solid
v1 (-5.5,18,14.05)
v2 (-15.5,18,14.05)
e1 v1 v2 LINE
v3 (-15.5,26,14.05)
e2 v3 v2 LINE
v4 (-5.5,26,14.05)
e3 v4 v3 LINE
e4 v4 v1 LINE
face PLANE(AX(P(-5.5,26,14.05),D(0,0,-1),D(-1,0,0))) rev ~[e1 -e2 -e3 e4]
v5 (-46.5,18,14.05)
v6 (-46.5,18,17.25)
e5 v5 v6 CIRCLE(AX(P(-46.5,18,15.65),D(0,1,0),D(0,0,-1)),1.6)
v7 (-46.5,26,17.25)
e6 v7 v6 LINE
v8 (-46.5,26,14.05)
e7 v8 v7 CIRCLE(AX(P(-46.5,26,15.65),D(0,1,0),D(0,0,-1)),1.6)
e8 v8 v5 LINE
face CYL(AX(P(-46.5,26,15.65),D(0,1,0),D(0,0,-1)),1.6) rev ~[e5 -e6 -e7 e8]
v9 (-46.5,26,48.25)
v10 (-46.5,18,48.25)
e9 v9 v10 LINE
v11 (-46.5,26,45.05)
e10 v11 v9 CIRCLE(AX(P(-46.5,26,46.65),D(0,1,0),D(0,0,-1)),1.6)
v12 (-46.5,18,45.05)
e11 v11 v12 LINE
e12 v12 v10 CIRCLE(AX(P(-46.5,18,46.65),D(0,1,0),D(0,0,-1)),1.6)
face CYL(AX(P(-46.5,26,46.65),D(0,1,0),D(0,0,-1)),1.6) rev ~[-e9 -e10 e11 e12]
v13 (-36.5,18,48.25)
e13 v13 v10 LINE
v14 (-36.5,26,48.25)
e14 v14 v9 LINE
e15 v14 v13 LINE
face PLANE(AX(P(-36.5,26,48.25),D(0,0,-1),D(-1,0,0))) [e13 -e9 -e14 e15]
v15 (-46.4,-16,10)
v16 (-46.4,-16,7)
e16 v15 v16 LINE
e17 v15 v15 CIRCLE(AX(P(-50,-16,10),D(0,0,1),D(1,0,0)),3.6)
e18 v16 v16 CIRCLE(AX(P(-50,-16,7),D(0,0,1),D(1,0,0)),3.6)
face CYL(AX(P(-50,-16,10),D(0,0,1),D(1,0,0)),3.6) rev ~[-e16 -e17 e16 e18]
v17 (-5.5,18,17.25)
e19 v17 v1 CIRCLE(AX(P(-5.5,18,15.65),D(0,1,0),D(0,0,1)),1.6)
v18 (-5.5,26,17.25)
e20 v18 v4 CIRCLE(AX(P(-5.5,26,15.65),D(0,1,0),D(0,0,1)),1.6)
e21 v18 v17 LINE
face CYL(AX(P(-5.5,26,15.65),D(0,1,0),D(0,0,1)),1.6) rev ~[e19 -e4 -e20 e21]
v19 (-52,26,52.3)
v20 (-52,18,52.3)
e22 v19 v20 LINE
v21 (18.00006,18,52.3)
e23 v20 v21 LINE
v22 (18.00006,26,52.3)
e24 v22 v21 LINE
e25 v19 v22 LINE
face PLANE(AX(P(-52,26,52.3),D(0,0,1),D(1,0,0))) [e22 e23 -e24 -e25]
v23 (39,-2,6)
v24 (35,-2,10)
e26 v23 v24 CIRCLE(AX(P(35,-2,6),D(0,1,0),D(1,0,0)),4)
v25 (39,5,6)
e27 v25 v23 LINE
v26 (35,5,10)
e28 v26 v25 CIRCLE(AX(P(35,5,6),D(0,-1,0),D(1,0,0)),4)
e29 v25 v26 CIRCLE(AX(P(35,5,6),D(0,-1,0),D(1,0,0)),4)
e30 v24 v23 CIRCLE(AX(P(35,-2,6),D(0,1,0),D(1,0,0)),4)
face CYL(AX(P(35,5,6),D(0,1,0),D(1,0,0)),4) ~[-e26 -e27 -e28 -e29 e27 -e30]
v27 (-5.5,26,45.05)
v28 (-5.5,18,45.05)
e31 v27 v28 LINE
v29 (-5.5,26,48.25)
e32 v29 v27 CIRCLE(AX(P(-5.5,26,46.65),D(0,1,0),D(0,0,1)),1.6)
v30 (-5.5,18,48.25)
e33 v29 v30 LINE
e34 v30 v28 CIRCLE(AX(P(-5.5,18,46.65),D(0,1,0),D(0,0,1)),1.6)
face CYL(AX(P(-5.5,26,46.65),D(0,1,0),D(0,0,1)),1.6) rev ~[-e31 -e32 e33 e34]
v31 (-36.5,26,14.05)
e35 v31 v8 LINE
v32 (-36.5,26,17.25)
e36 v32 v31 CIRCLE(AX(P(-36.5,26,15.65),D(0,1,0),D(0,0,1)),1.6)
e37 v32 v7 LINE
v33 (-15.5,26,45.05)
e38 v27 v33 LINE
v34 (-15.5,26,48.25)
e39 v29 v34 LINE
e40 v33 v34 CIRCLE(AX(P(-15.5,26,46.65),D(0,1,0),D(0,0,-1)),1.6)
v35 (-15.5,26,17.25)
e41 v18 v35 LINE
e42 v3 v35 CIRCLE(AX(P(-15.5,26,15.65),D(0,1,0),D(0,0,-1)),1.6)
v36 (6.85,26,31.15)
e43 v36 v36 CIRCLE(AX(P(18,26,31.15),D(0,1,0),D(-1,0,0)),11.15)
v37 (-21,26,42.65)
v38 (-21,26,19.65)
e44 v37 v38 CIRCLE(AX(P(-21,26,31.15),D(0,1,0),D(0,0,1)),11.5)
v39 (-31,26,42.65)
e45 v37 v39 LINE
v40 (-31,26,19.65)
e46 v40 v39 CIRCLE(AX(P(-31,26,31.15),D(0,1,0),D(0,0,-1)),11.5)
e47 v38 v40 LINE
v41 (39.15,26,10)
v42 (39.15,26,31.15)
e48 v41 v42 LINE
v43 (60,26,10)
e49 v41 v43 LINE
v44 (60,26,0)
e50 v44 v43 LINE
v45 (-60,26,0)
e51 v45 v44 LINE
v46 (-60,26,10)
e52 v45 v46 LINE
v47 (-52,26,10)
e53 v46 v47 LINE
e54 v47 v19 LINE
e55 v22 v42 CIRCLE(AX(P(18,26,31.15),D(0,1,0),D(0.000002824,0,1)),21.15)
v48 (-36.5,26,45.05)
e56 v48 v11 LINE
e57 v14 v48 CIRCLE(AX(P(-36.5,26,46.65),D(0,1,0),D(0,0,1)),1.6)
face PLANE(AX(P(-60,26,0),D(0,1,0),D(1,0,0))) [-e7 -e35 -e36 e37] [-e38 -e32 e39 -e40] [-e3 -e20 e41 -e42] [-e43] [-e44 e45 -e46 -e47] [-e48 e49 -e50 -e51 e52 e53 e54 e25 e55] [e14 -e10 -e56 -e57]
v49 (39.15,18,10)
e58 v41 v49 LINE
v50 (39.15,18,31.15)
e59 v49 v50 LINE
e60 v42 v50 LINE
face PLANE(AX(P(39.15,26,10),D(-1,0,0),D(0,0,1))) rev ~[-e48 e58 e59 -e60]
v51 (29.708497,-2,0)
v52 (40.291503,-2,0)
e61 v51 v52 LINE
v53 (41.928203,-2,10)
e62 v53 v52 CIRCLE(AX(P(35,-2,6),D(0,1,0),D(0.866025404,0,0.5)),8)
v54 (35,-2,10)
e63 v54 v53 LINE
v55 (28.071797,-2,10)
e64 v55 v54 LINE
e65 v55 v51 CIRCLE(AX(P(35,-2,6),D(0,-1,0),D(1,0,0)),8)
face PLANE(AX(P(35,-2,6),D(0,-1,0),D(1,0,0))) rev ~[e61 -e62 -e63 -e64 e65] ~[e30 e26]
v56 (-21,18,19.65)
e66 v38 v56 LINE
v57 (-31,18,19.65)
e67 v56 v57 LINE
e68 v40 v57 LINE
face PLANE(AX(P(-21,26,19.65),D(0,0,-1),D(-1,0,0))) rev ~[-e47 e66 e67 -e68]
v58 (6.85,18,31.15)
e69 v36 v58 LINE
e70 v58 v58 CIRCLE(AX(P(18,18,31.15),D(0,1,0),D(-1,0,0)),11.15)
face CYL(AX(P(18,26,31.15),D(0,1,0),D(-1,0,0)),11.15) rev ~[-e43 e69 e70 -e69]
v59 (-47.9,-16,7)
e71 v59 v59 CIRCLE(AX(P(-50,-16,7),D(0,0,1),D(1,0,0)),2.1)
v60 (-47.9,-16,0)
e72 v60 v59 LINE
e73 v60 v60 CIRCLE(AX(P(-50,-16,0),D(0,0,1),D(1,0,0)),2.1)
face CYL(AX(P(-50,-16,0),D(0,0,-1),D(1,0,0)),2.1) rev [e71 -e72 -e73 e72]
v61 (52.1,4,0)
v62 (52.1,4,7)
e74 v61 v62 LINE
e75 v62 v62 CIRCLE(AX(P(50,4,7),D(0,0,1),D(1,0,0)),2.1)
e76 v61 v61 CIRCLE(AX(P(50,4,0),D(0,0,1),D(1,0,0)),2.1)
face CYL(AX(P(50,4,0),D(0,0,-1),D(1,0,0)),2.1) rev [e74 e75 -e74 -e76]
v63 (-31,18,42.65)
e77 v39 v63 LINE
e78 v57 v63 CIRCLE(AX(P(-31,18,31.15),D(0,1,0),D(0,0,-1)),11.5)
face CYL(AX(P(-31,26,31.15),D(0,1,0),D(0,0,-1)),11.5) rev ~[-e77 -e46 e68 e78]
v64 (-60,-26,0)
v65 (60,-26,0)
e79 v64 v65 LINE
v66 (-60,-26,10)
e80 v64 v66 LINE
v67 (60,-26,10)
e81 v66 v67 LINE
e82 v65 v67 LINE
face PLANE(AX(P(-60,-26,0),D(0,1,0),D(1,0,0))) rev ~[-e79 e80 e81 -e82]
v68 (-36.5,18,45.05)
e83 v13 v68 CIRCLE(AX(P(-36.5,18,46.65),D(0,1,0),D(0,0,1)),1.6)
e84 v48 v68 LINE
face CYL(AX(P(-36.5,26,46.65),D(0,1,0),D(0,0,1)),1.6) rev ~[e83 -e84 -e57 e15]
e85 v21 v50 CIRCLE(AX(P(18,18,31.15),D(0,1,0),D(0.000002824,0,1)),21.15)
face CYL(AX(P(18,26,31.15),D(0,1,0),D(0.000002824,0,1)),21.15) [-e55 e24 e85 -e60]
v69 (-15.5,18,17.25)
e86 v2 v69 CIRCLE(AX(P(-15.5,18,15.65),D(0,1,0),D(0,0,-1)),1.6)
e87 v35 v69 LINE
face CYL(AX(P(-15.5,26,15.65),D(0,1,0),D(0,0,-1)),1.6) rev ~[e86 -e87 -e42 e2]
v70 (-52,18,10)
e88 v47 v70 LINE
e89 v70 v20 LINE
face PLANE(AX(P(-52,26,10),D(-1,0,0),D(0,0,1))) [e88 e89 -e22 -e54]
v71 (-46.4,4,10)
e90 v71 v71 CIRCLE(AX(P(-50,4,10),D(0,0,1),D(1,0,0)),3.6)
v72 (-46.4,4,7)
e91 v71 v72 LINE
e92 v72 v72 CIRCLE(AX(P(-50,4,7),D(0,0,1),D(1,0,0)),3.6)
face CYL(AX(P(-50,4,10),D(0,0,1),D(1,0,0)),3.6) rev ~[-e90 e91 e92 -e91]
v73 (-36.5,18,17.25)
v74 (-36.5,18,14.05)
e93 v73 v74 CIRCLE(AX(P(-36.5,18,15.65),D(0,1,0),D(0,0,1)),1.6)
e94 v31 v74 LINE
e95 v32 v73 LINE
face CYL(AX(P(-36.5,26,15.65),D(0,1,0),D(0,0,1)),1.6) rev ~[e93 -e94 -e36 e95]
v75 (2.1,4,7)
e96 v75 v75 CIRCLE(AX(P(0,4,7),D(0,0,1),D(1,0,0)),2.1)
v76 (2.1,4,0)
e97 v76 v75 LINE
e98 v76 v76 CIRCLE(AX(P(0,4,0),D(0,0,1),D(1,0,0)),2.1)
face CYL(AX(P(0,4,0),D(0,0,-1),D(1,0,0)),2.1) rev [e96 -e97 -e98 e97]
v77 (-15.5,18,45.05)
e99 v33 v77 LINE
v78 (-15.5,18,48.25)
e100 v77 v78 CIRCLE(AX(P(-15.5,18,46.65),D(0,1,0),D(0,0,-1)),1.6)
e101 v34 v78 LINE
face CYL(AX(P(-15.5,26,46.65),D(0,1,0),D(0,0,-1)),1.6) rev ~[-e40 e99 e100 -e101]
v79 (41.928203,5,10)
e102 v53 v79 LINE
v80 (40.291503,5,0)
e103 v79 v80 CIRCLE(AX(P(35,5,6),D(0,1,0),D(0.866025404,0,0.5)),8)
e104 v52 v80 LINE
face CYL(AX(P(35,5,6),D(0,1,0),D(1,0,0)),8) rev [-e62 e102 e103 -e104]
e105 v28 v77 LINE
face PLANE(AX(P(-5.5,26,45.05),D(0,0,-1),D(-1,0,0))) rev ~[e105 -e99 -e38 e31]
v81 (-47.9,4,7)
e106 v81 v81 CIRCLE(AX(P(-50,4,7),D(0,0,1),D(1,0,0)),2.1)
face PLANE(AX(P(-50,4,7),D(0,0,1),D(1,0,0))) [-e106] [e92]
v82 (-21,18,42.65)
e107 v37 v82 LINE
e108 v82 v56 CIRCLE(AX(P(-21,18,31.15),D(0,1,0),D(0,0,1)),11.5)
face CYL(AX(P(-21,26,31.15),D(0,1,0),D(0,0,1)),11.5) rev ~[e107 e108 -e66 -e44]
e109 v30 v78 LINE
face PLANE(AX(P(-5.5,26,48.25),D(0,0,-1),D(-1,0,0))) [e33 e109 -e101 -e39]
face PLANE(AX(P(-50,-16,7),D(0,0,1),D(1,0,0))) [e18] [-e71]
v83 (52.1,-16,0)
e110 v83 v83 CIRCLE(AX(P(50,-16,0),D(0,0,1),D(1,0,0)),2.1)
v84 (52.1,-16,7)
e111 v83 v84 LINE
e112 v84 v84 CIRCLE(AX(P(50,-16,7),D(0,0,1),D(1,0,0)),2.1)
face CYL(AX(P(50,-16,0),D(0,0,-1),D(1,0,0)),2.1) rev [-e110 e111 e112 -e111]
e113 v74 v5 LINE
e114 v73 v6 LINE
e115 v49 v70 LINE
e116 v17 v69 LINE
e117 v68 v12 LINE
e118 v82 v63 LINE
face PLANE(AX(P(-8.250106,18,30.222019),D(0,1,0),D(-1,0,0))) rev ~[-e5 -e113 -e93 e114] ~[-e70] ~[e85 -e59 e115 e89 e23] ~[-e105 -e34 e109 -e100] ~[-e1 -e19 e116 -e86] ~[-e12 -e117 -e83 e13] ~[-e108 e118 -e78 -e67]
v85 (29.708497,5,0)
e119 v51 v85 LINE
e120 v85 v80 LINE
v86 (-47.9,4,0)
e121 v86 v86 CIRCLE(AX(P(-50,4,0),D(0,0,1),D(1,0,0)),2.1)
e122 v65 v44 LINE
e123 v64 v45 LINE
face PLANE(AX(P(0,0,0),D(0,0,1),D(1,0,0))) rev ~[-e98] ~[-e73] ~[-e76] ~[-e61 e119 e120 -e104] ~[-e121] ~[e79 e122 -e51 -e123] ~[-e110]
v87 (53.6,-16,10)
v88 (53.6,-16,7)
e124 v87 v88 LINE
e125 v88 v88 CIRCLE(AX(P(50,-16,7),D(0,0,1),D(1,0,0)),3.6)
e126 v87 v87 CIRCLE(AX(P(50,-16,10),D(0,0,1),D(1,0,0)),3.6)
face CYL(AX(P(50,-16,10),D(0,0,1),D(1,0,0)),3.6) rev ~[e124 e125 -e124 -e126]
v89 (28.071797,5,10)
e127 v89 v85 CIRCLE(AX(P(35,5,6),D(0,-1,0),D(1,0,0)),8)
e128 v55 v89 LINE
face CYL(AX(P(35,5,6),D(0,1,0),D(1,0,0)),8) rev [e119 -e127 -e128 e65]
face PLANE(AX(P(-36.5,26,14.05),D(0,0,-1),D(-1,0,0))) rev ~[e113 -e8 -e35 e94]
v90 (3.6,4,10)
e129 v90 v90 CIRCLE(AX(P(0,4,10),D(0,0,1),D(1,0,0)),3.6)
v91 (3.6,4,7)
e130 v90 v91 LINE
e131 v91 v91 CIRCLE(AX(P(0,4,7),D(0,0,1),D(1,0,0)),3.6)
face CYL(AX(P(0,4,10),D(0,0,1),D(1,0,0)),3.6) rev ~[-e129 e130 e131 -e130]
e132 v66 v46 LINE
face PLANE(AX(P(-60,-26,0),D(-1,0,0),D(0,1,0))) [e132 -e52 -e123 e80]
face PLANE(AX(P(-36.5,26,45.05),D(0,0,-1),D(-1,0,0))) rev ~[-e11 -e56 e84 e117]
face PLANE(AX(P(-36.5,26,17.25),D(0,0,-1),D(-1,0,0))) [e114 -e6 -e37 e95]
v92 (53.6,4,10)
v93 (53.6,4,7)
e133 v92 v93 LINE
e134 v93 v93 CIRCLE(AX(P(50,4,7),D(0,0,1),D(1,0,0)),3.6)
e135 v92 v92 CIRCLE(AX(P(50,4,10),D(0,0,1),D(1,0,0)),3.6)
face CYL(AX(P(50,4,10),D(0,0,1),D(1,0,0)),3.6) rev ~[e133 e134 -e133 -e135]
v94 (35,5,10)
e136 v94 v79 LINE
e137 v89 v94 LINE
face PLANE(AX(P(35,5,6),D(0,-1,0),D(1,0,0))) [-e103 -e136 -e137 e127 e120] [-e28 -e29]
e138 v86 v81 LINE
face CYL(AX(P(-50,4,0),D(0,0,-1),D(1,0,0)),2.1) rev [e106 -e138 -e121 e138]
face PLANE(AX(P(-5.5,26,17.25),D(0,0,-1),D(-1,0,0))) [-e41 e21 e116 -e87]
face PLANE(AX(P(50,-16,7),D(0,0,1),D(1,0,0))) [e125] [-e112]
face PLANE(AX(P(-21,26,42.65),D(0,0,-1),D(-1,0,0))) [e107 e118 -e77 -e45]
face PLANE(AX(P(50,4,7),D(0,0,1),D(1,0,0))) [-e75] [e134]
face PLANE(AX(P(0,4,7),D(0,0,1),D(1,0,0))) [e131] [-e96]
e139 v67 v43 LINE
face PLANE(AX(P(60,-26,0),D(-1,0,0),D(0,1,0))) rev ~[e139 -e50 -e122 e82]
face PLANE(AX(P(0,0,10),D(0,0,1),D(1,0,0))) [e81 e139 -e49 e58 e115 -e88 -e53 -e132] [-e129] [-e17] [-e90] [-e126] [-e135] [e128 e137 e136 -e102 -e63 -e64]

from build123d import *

# Parameters (mm, degrees)
CYLINDER001_R     = 4
CYLINDER001_DEPTH = 10
CYLINDER_R        = 8
CYLINDER_DEPTH    = 7
CUT_ROLL_ANGLE    = 90
SKETCH_W          = 120
SKETCH_H          = 52
SKETCH_R          = 2.1
PAD_DEPTH         = 10
SKETCH007_R       = 11.15
PAD001_DEPTH      = 8
SKETCH008_R       = 3.6
SKETCH008_R_2     = 2.1
POCKET_DEPTH      = 3


with BuildPart() as zylinder001:
    # Cylinder001 → Cylinder001 (new body)
    with BuildSketch(Plane.XY):
        Circle(CYLINDER001_R)
    extrude(amount=CYLINDER001_DEPTH)


with BuildPart() as cut:
    # Cylinder → Cylinder (new body)
    with BuildSketch(Plane.XY):
        Circle(CYLINDER_R)
    extrude(amount=CYLINDER_DEPTH)

    # Cut: cut Zylinder001
    add(zylinder001.part, mode=Mode.SUBTRACT)


with BuildPart() as cut_1:
    # Cut roll: moved
    add(cut.part.rotate(Axis((0, 0, 0), (1, 0, 0)), CUT_ROLL_ANGLE))


with BuildPart() as cut_2:
    # Cut placement: moved
    add(cut_1.part.moved(Location((35, 5, 6))))


with BuildPart() as cut001:
    # Sketch → Pad (new body)
    with BuildSketch(Plane.XY):
        Rectangle(SKETCH_W, SKETCH_H)
        with Locations((-50, -16)):
            Circle(SKETCH_R, mode=Mode.SUBTRACT)
        with Locations((-50, 4)):
            Circle(SKETCH_R, mode=Mode.SUBTRACT)
        with Locations((0, 4)):
            Circle(SKETCH_R, mode=Mode.SUBTRACT)
        with Locations((50, 4)):
            Circle(SKETCH_R, mode=Mode.SUBTRACT)
        with Locations((50, -16)):
            Circle(SKETCH_R, mode=Mode.SUBTRACT)
    extrude(amount=PAD_DEPTH)

    # Sketch007 → Pad001 (new body)
    with BuildSketch(Plane(origin=(0, 26, 0), x_dir=(-1, 0, 0), z_dir=(0, 1, 0))):
        with BuildLine():
            Line((0, 10), (52, 10))
            Line((52, 10), (52, 52.3))
            Line((52, 52.3), (0, 52.3))
            Line((0, 52.3), (-18.00006, 52.3))
            ThreePointArc((-18.00006, 52.3), (-32.95533, 46.105287), (-39.15, 31.15))
            Line((-39.15, 10), (-39.15, 31.15))
            Line((0, 10), (-39.15, 10))
        make_face()
        with Locations((-18, 31.15)):
            Circle(SKETCH007_R, mode=Mode.SUBTRACT)
        with BuildLine():
            ThreePointArc((21, 42.65), (9.5, 31.15), (21, 19.65))
            Line((21, 19.65), (31, 19.65))
            ThreePointArc((31, 19.65), (42.5, 31.15), (31, 42.65))
            Line((21, 42.65), (31, 42.65))
        make_face(mode=Mode.SUBTRACT)
        with BuildLine():
            ThreePointArc((36.5, 48.25), (34.9, 46.65), (36.5, 45.05))
            Line((36.5, 45.05), (46.5, 45.05))
            ThreePointArc((46.5, 45.05), (48.1, 46.65), (46.5, 48.25))
            Line((36.5, 48.25), (46.5, 48.25))
        make_face(mode=Mode.SUBTRACT)
        with BuildLine():
            ThreePointArc((5.5, 48.25), (3.9, 46.65), (5.5, 45.05))
            Line((5.5, 45.05), (15.5, 45.05))
            ThreePointArc((15.5, 45.05), (17.1, 46.65), (15.5, 48.25))
            Line((5.5, 48.25), (15.5, 48.25))
        make_face(mode=Mode.SUBTRACT)
        with BuildLine():
            ThreePointArc((5.5, 17.25), (3.9, 15.65), (5.5, 14.05))
            Line((5.5, 14.05), (15.5, 14.05))
            ThreePointArc((15.5, 14.05), (17.1, 15.65), (15.5, 17.25))
            Line((5.5, 17.25), (15.5, 17.25))
        make_face(mode=Mode.SUBTRACT)
        with BuildLine():
            ThreePointArc((36.5, 17.25), (34.9, 15.65), (36.5, 14.05))
            Line((36.5, 14.05), (46.5, 14.05))
            ThreePointArc((46.5, 14.05), (48.1, 15.65), (46.5, 17.25))
            Line((36.5, 17.25), (46.5, 17.25))
        make_face(mode=Mode.SUBTRACT)
    extrude(amount=-PAD001_DEPTH)

    # Sketch008 → Pocket (cut)
    with BuildSketch(Plane.XY.offset(10)):
        with Locations((-50, 4)):
            Circle(SKETCH008_R)
        with Locations((-50, 4)):
            Circle(SKETCH008_R_2, mode=Mode.SUBTRACT)
        with Locations((-50, -16)):
            Circle(SKETCH008_R)
        with Locations((-50, -16)):
            Circle(SKETCH008_R_2, mode=Mode.SUBTRACT)
        with Locations((0, 4)):
            Circle(SKETCH008_R)
        with Locations((0, 4)):
            Circle(SKETCH008_R_2, mode=Mode.SUBTRACT)
        with Locations((50, 4)):
            Circle(SKETCH008_R)
        with Locations((50, 4)):
            Circle(SKETCH008_R_2, mode=Mode.SUBTRACT)
        with Locations((50, -16)):
            Circle(SKETCH008_R)
        with Locations((50, -16)):
            Circle(SKETCH008_R_2, mode=Mode.SUBTRACT)
    extrude(amount=-POCKET_DEPTH, mode=Mode.SUBTRACT)

    # Cut001: cut Cut
    add(cut_2.part, mode=Mode.SUBTRACT)


solid = cut001.part
